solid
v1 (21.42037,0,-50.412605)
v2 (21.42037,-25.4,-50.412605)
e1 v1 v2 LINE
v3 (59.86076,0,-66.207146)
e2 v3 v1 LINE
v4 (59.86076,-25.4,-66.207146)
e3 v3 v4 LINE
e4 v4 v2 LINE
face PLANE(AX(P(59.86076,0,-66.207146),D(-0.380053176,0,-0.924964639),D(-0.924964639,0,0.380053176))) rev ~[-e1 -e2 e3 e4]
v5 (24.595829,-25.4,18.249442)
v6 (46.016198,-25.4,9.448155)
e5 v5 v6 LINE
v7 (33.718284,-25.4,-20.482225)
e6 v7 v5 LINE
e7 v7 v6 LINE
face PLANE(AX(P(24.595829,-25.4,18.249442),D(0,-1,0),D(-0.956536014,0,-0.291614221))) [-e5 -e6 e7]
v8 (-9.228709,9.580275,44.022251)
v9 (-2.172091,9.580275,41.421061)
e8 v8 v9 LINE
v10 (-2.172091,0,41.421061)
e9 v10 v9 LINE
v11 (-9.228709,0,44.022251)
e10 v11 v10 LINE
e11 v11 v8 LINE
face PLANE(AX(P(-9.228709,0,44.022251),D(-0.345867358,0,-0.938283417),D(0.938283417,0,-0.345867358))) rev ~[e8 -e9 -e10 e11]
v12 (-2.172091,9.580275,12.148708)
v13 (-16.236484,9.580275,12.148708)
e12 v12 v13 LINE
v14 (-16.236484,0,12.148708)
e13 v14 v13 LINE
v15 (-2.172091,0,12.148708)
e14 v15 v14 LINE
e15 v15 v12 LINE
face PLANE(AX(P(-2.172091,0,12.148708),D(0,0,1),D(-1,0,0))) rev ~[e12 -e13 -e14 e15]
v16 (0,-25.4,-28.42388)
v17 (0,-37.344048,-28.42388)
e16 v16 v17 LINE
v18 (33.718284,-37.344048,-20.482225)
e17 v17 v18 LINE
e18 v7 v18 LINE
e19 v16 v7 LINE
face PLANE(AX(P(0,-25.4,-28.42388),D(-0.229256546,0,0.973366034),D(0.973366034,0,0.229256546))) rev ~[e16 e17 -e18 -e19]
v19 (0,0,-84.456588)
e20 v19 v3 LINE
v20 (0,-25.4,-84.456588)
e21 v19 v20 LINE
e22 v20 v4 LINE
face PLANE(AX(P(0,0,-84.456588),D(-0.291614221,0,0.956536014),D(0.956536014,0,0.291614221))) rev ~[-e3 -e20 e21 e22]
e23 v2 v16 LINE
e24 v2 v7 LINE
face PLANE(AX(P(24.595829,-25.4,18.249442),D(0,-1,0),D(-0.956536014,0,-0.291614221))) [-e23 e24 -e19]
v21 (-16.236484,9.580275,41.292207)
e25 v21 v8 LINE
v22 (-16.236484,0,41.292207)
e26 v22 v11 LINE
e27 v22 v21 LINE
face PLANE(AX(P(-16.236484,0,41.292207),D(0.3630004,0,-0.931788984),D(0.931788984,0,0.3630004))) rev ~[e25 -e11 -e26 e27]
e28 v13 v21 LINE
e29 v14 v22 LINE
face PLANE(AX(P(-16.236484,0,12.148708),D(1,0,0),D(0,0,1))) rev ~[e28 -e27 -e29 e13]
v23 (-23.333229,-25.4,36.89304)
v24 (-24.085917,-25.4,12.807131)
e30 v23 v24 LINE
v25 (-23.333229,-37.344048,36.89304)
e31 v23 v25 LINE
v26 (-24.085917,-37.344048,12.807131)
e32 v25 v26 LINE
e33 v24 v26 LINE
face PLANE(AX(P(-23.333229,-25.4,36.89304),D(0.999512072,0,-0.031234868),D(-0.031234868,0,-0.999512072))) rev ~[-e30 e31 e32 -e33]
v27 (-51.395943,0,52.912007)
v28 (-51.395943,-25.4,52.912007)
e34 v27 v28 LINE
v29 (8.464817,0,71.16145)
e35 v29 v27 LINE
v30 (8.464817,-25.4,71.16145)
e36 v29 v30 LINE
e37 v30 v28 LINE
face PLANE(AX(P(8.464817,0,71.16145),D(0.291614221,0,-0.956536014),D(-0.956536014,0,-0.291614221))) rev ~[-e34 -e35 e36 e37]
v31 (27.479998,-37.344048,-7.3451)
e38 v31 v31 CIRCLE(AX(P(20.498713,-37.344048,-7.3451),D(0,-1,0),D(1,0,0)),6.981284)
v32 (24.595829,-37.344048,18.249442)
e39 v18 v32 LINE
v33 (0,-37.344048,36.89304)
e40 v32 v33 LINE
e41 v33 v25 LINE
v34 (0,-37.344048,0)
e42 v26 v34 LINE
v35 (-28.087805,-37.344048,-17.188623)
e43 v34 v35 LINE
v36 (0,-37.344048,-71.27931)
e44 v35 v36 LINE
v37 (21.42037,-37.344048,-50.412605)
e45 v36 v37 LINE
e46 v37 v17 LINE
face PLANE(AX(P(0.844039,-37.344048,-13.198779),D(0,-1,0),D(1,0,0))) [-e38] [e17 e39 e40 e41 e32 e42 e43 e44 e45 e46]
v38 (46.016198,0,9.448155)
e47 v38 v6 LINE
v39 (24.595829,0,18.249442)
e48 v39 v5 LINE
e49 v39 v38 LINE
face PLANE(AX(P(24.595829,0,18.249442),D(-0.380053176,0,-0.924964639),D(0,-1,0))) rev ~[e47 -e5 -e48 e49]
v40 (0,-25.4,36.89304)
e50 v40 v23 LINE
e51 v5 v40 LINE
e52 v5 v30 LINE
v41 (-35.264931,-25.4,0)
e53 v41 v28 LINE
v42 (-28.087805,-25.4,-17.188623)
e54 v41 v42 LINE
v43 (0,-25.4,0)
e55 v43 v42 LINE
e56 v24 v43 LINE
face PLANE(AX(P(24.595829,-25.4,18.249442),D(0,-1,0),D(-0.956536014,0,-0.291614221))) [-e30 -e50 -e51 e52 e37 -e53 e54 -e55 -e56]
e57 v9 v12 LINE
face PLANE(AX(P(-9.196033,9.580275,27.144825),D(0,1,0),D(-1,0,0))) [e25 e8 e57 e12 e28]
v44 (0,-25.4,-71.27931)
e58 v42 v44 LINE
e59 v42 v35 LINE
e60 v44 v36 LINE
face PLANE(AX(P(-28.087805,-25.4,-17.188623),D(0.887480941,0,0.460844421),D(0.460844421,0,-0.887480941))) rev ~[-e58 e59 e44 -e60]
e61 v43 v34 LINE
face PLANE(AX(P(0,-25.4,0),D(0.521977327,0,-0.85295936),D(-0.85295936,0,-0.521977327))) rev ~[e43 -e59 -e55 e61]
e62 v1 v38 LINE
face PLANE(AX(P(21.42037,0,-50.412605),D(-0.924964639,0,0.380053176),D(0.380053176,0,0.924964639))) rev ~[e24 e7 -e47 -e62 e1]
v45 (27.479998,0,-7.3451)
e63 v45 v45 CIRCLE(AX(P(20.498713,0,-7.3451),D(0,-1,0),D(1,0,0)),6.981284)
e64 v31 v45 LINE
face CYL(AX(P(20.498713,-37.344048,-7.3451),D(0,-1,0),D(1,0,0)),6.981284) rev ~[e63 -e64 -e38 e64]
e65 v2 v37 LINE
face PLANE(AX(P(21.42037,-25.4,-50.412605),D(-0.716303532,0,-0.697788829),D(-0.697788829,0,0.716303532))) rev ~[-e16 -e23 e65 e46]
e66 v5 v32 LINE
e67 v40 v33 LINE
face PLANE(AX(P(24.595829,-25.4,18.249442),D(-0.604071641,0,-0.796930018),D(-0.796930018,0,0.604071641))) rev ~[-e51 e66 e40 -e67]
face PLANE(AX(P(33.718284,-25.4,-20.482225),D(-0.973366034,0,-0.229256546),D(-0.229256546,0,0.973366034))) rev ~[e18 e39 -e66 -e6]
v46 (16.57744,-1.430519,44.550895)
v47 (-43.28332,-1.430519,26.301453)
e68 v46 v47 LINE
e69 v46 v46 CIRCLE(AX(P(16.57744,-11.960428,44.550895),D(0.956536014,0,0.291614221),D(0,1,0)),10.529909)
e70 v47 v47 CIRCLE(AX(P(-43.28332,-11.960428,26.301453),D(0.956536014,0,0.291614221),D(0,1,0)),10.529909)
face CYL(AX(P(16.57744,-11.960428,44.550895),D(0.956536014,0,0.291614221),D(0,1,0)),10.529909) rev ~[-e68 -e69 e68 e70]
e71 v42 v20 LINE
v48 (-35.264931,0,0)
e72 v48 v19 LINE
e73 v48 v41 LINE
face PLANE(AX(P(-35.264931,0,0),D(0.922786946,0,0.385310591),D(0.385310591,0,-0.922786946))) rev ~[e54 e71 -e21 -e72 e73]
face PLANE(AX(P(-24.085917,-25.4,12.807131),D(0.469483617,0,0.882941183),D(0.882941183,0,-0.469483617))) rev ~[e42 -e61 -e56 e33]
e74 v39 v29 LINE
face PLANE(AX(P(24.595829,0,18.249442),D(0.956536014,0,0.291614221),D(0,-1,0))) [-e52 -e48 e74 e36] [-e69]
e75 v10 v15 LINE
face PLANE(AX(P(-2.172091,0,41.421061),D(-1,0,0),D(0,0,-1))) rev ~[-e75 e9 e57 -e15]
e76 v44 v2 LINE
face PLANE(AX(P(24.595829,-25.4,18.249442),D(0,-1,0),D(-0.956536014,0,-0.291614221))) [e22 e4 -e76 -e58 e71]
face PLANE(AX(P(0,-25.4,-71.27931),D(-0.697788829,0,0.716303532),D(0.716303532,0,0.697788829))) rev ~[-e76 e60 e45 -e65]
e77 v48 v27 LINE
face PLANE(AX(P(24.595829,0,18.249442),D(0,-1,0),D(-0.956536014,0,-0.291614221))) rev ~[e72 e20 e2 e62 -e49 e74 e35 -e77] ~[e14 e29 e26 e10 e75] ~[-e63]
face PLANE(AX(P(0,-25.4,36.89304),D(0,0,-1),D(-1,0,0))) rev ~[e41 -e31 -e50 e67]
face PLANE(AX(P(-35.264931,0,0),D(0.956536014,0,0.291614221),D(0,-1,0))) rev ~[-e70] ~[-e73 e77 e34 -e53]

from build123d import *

# Parameters (mm, degrees)
F1_DEPTH  = 25.4
F2_DEPTH  = 23.1580417603
F3_DEPTH  = 55.316273123
F4_R      = 10.5299090295
F5_DEPTH  = 108.9027523994
F7_DEPTH  = 11.9440481067
F8_R      = 6.9812840575
F9_DEPTH  = 59.2665076256
F11_DEPTH = 9.5802750438


with BuildPart() as f1:
    # F0 (on Front) → F1 (new body)
    with BuildSketch(Plane.XZ):
        Polygon((24.5958286973, 18.2494423054), (-35.2649310012, 0), (0, -84.4565883958), (59.8607596985, -66.2071460904), (0, -41.6113173931), align=None)
    extrude(amount=F1_DEPTH)

    # F2 (add): a face of the model
    f2_faces = [f1.faces().sort_by_distance(p)[0] for p in [
        (12.2979143487, -12.7, -11.6809375438),
    ]]
    extrude(f2_faces, amount=F2_DEPTH)

    # F3 (add): a face of the model
    f3_faces = [f1.faces().sort_by_distance(p)[0] for p in [
        (-5.3345511519, -12.7, 9.1247211527),
    ]]
    extrude(f3_faces, amount=F3_DEPTH)

    # F4 (on face) → F5 (cut)
    with BuildSketch(Plane(origin=(27.5947180099, 0, 8.412659926), x_dir=(0, 1, 0), z_dir=(0.956536014, 0, 0.2916142209))):
        with Locations((-11.9604282081, 37.7803184092)):
            Circle(F4_R)
    extrude(amount=-F5_DEPTH, mode=Mode.SUBTRACT)

    # F6 (on face) → F7 (join)
    with BuildSketch(Plane.XZ.offset(25.4)):
        Polygon((0, 36.8930399418), (-23.3332291245, 36.8930399418), (-24.0859165788, 12.8071308136), (0, 0), (-28.0878045399, -17.1886233206), (0, -71.279310042), (21.4203697409, -50.4126047044), (0, -28.4238799673), (33.7182840896, -20.4822248551), (24.5958286973, 18.2494423054), align=None)
    extrude(amount=F7_DEPTH)

    # F8 (on face) → F9 (cut)
    with BuildSketch(Plane.XZ.offset(37.3440481067)):
        with Locations((20.4987134784, -7.3451003991)):
            Circle(F8_R)
    extrude(amount=-F9_DEPTH, mode=Mode.SUBTRACT)

    # F10 (on face) → F11 (join)
    with BuildSketch(Plane(origin=(0, 0, 0), x_dir=(-1, 0, 0), z_dir=(0, 1, 0))):
        Polygon((16.2364837848, 12.1487083648), (16.2364837848, 41.2922068478), (9.2287091538, 44.0222509205), (2.1720913557, 41.4210605836), (2.1720913557, 12.1487083648), align=None)
    extrude(amount=F11_DEPTH)


solid = f1.part
